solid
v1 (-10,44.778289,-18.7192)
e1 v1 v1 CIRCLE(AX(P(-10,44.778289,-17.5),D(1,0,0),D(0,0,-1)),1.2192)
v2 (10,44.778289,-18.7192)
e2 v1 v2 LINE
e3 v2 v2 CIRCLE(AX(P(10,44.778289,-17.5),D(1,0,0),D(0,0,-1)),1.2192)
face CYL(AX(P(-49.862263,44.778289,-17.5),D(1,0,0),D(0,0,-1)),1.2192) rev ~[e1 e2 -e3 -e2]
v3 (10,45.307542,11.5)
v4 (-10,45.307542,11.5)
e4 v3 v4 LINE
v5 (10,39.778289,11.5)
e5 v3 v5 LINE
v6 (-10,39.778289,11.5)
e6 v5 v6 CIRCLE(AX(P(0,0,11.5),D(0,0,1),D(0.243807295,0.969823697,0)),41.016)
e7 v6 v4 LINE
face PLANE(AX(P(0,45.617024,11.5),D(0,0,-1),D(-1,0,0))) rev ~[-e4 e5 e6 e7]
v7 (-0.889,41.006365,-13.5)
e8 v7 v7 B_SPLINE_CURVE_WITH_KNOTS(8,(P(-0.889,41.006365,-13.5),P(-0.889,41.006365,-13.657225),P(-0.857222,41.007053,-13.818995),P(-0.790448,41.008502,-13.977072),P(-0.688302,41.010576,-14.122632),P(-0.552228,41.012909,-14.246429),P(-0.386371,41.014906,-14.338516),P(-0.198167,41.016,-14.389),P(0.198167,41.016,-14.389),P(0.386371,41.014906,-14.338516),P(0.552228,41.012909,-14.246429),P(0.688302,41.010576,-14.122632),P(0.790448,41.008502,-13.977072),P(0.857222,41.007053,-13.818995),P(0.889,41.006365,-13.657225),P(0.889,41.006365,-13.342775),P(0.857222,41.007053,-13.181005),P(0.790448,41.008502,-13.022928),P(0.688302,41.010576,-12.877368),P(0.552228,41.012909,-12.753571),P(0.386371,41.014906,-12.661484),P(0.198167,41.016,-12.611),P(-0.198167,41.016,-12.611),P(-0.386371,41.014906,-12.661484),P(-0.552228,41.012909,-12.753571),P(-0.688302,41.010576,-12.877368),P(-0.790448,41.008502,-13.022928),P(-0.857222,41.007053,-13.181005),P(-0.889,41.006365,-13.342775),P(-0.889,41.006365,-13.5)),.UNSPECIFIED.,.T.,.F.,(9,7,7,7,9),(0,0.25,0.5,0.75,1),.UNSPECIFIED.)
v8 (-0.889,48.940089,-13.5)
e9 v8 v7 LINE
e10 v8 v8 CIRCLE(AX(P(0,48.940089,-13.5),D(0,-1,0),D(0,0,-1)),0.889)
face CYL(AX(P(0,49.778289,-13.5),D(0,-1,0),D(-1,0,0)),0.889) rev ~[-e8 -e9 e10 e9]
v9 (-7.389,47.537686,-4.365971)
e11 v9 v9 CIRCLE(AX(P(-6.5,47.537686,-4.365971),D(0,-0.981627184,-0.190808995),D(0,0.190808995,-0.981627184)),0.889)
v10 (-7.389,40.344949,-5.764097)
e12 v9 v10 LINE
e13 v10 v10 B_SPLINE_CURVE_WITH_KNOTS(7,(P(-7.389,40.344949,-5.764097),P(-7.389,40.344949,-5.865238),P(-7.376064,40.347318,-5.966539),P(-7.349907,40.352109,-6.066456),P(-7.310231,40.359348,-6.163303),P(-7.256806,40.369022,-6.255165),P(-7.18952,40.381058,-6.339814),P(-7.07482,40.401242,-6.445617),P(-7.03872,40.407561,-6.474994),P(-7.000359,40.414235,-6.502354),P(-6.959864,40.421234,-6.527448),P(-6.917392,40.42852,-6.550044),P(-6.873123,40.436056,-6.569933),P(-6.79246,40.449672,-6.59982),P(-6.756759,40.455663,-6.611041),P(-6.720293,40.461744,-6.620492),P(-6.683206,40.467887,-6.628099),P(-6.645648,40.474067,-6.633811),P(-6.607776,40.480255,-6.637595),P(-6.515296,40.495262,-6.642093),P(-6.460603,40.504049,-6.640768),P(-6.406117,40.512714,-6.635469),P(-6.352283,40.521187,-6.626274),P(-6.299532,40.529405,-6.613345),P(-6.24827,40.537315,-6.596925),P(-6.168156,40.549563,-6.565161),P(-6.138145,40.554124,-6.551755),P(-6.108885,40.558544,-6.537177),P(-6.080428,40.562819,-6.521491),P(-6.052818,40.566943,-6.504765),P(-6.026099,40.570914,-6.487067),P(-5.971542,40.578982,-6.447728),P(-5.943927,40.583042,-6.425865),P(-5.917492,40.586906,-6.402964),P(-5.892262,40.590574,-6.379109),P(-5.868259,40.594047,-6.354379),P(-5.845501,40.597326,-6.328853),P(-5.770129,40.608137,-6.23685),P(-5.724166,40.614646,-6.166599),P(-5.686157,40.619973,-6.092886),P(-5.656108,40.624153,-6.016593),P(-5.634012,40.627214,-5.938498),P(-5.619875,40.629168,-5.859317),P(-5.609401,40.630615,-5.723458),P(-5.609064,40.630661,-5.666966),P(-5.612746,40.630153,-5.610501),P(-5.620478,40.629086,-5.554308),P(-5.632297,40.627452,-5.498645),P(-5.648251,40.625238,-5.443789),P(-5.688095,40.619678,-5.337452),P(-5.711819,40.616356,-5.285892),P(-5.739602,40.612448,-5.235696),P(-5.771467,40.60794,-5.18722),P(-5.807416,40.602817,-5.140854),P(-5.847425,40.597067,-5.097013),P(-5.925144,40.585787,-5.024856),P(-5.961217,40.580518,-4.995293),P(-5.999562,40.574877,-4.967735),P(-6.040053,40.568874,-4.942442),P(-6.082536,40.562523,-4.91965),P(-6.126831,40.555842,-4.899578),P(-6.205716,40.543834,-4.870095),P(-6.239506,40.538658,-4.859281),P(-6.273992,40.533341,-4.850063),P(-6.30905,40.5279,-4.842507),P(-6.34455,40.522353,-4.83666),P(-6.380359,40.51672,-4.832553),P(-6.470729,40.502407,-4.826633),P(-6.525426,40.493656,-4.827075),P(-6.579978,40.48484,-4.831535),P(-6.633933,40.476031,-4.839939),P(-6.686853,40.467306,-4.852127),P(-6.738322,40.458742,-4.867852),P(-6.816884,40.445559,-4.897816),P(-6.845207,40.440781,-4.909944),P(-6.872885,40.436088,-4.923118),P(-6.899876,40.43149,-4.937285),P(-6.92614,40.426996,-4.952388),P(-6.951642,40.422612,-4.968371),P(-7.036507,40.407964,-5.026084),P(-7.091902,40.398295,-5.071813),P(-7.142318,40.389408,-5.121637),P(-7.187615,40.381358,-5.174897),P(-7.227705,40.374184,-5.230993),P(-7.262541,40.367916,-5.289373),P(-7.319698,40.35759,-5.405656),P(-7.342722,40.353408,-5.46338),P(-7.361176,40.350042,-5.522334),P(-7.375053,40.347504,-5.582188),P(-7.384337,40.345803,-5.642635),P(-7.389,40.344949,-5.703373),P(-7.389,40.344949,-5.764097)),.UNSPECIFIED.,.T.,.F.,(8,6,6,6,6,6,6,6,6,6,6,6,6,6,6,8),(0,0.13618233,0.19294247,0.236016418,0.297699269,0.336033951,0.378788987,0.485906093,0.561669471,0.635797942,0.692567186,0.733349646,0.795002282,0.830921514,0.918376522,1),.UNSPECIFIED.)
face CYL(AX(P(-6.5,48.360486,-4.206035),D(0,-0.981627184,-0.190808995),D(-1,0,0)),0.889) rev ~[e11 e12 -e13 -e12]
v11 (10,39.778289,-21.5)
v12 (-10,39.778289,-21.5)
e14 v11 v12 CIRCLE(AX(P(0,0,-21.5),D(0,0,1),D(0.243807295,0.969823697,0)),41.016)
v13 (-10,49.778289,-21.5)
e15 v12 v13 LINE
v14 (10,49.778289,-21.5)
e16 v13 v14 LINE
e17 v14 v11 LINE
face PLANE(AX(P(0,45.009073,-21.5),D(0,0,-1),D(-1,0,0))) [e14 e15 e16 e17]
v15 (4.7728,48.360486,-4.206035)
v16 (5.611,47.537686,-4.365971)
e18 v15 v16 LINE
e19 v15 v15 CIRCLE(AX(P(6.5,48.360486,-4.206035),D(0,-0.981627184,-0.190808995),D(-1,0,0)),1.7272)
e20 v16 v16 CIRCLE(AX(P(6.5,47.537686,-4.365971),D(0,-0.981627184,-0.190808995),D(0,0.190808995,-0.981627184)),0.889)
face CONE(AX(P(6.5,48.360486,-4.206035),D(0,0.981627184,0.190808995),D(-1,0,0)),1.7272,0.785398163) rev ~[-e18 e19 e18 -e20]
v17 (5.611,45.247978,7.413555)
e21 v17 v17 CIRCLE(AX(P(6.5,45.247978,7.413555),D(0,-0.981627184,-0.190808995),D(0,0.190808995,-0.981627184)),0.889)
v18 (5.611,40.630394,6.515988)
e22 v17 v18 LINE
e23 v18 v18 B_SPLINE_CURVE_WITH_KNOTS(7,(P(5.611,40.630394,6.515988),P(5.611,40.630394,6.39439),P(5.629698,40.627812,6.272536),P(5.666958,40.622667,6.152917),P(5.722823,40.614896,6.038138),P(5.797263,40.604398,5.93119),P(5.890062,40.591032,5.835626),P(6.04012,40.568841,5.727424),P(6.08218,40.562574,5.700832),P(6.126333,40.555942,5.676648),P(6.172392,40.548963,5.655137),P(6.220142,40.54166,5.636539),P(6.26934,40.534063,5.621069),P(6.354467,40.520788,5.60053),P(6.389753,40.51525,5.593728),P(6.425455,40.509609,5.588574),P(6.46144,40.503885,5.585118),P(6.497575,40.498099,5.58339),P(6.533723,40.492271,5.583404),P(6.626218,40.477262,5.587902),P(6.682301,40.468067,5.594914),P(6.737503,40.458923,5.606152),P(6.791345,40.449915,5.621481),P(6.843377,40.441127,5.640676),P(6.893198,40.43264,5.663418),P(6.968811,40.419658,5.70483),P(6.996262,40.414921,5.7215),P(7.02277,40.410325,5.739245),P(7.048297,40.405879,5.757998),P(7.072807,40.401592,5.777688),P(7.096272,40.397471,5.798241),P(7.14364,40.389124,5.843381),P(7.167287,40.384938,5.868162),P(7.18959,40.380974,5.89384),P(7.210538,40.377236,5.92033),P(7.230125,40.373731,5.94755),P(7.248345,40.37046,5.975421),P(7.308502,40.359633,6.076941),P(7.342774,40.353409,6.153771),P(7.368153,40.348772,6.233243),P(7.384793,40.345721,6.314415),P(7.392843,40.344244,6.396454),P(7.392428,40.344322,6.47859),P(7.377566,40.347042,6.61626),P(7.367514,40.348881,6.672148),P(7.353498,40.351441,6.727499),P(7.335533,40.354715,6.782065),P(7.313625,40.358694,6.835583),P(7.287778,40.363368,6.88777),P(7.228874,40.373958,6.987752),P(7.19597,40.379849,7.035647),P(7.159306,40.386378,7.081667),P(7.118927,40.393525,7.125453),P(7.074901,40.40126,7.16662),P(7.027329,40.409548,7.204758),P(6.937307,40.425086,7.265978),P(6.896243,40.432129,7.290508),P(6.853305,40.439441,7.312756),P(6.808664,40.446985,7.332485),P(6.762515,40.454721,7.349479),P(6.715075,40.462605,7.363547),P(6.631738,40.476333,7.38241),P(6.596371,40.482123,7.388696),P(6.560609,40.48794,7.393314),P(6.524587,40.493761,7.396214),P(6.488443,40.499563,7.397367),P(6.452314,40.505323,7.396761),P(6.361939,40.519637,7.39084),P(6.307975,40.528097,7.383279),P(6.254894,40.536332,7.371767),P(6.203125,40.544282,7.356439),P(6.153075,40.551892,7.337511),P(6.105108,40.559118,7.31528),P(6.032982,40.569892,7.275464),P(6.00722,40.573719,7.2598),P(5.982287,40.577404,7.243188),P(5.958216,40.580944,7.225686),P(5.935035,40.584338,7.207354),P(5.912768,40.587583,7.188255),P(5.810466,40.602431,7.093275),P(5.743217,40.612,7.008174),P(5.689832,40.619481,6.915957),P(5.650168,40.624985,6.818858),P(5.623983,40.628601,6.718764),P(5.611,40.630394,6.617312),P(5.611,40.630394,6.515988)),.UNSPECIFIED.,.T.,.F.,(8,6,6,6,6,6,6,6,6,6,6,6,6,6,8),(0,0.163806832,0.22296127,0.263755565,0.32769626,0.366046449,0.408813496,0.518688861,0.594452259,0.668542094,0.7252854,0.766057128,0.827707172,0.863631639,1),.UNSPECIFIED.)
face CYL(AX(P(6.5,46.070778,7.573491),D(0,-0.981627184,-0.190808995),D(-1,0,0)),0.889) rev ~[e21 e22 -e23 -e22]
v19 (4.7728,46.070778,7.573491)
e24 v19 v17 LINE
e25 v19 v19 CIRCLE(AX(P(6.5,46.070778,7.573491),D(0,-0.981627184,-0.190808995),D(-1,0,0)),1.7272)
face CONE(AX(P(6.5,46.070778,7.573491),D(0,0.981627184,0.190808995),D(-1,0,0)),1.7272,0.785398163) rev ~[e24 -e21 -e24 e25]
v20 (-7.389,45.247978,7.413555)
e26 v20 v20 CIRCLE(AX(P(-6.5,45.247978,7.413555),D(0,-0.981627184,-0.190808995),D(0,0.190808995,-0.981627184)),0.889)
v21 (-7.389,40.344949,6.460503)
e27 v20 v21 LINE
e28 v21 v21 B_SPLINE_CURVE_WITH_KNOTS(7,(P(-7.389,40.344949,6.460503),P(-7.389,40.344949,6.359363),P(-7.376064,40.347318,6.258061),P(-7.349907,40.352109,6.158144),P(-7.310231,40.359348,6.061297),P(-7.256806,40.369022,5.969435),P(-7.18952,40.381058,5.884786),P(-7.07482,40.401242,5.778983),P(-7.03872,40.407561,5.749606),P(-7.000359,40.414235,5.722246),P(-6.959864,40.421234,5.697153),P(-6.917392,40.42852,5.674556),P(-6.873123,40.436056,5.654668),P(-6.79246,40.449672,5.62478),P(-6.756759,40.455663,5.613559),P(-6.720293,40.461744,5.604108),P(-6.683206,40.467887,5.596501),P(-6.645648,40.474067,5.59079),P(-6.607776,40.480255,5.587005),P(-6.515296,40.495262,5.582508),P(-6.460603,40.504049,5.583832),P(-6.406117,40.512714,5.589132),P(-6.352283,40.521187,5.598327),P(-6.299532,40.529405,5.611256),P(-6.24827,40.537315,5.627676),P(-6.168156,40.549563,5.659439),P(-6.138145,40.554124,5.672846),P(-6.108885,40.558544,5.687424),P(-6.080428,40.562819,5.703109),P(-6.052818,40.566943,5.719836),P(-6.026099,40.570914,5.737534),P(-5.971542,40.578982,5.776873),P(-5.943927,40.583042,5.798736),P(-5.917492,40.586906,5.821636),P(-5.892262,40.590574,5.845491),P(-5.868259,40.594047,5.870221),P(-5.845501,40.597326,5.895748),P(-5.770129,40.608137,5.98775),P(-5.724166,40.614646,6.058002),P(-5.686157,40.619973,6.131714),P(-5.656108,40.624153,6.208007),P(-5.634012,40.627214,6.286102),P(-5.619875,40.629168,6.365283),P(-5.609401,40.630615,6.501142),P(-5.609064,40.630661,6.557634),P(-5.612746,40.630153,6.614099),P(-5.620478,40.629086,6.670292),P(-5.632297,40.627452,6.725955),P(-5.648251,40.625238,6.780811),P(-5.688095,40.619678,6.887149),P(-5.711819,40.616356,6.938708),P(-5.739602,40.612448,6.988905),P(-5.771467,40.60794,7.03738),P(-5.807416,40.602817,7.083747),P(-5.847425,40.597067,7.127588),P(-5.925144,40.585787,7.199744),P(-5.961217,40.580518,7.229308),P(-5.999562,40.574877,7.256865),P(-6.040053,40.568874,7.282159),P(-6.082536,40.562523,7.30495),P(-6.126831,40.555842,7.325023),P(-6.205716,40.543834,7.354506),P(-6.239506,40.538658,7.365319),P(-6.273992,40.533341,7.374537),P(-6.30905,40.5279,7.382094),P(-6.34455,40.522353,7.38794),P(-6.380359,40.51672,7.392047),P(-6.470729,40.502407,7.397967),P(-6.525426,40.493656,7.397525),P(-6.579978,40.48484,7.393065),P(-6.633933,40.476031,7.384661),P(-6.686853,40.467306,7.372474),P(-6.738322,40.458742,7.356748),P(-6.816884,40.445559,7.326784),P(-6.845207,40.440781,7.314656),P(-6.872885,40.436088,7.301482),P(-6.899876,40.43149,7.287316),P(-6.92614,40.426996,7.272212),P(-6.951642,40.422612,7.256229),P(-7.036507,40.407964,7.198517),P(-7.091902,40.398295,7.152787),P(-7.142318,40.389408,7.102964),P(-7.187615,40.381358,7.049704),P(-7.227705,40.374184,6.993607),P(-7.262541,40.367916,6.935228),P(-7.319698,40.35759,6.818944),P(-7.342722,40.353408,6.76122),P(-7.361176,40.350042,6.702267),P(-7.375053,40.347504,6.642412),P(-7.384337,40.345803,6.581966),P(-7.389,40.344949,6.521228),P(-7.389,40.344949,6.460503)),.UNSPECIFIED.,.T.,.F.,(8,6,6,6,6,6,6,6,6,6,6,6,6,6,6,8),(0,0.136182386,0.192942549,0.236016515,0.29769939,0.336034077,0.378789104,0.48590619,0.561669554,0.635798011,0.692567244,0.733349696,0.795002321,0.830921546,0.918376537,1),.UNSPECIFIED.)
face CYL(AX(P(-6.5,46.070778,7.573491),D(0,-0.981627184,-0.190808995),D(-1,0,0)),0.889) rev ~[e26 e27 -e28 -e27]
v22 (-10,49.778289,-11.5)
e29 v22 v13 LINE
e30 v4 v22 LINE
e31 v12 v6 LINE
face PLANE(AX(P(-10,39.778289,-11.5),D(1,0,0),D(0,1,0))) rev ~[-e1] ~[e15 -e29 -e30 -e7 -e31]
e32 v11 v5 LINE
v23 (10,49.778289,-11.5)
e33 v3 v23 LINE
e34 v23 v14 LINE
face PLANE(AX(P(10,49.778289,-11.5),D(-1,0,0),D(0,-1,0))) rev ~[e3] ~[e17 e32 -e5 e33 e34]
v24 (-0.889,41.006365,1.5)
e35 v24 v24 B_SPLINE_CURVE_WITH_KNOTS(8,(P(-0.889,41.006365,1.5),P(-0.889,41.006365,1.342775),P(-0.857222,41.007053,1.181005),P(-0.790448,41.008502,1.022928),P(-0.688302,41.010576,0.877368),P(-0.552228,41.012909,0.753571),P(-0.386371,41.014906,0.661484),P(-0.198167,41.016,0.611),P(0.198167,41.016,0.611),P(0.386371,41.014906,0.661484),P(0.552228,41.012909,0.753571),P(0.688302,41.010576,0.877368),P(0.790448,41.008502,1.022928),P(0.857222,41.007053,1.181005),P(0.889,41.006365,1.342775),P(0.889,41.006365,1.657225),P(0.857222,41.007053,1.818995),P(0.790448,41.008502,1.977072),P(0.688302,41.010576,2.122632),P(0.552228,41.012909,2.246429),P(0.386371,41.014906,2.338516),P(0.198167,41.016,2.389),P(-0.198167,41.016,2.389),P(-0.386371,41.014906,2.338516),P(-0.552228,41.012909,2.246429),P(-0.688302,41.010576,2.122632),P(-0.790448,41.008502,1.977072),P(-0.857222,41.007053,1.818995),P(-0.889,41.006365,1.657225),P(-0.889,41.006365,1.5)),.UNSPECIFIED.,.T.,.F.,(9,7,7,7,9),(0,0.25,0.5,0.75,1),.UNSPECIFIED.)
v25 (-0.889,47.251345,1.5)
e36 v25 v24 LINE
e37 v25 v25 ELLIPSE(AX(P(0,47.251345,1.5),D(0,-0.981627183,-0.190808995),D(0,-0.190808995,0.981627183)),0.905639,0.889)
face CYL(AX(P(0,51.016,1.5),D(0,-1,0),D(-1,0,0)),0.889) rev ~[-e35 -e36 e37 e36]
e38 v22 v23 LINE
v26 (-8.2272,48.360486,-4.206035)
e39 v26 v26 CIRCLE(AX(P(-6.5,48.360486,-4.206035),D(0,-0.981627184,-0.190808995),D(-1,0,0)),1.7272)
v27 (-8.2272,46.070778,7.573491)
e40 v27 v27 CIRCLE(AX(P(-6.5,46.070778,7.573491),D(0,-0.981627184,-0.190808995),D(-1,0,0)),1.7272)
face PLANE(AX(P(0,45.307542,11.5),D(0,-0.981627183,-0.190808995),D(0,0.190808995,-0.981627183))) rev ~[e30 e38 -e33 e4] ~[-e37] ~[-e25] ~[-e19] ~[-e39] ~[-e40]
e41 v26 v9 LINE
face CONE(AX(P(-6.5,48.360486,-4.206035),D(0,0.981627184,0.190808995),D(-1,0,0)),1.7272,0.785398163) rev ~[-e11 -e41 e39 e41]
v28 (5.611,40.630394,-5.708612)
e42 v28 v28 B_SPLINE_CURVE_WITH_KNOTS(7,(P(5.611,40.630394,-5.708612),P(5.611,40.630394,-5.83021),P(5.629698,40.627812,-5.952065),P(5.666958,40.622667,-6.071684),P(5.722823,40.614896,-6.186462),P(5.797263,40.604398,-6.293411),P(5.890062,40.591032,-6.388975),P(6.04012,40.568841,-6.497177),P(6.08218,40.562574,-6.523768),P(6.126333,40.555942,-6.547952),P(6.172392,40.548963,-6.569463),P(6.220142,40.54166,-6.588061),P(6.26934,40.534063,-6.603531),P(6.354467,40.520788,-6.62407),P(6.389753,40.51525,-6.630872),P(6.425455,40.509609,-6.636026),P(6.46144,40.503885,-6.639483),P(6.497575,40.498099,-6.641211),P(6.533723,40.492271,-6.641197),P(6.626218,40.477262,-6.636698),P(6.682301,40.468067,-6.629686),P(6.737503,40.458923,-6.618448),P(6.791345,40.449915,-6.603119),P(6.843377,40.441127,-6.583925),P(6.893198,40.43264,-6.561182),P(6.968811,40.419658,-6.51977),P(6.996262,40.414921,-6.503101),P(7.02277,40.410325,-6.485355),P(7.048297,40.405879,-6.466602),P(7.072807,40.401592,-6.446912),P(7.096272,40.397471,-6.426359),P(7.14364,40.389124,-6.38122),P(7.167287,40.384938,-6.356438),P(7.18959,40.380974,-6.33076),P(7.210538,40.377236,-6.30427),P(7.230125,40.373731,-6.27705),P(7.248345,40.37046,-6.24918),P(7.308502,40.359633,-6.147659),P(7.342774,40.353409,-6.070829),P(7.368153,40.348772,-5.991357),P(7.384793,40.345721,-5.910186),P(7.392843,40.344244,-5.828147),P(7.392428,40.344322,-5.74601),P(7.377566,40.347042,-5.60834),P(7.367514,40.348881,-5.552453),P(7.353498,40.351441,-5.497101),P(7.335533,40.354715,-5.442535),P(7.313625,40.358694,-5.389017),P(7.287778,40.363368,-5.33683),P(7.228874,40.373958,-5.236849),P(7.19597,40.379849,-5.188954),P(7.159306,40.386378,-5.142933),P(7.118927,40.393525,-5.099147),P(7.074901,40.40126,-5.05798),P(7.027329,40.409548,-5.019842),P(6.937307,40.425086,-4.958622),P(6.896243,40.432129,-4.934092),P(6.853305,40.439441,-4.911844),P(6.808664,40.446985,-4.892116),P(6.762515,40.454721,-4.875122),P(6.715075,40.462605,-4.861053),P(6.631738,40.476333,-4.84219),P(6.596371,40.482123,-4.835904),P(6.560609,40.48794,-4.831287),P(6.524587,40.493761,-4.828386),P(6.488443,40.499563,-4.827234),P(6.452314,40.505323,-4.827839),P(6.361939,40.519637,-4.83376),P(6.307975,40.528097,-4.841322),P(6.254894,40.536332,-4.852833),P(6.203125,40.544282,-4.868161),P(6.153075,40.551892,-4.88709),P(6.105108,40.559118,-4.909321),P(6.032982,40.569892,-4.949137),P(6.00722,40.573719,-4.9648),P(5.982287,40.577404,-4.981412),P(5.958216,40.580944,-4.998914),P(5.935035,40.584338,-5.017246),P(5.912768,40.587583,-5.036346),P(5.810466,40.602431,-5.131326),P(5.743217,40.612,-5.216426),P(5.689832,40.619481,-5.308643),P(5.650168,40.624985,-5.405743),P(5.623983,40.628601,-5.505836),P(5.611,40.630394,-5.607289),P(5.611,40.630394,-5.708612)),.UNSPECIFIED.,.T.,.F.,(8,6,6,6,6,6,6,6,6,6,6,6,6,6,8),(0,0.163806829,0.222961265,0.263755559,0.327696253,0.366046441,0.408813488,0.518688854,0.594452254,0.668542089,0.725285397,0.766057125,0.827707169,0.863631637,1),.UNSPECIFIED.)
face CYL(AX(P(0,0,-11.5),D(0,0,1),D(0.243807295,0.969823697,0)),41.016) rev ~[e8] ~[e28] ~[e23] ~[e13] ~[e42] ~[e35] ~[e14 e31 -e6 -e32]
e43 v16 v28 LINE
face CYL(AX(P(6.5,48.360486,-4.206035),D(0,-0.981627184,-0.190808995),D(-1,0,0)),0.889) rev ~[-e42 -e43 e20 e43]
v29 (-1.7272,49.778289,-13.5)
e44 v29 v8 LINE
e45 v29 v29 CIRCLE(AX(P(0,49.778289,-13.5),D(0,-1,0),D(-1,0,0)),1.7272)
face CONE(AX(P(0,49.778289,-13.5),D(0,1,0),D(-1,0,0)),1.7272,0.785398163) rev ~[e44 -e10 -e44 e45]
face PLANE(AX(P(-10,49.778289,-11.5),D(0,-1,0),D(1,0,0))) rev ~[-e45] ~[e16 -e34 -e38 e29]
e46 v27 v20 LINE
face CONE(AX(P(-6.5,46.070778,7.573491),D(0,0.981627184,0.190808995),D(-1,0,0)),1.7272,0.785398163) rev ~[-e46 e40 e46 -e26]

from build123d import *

# Parameters (mm, degrees)
BOSS_EXTRUDE1_DEPTH             = 11.5
F_2_56_TAPPED_HOLE3_D           = 1.778
F_2_56_TAPPED_HOLE3_CSINK_D     = 3.4544
F_2_56_TAPPED_HOLE3_CSINK_ANGLE = 90
CUT_EXTRUDE1_DEPTH              = 10
F_2_56_TAPPED_HOLE1_D           = 1.778
F_2_56_TAPPED_HOLE1_CSINK_D     = 3.4544
F_2_56_TAPPED_HOLE1_CSINK_ANGLE = 90
BOSS_EXTRUDE2_DEPTH             = 10
F_2_56_TAPPED_HOLE4_D           = 1.778
F_2_56_TAPPED_HOLE4_CSINK_D     = 3.4544
F_2_56_TAPPED_HOLE4_CSINK_ANGLE = 90
F_2_CLEARANCE_HOLE1_D           = 2.4384


with BuildPart() as part:
    # Sketch1 → Boss-Extrude1 (new body, symmetric)
    with BuildSketch(Plane.XY):
        with BuildLine():
            Line((-10, 39.778288752), (-10, 51.016))
            Line((-10, 51.016), (10, 51.016))
            Line((10, 51.016), (10, 39.778288752))
            ThreePointArc((10, 39.778288752), (0, 41.016), (-10, 39.778288752))
        make_face()
    extrude(amount=BOSS_EXTRUDE1_DEPTH, both=True)

    # #2-56 Tapped Hole3 (through all)
    with Locations(Plane(origin=(0, 51.016, 0), x_dir=(1, 0, 0), z_dir=(0, 1, 0))):
        with Locations((0, -1.5)):
            CounterSinkHole(F_2_56_TAPPED_HOLE3_D / 2, F_2_56_TAPPED_HOLE3_CSINK_D / 2, counter_sink_angle=F_2_56_TAPPED_HOLE3_CSINK_ANGLE)

    # Sketch2 → Cut-Extrude1 (cut, symmetric)
    with BuildSketch(Plane(origin=(0, 0, 0), x_dir=(0, 0, -1), z_dir=(1, 0, 0))):
        Polygon((-11.5, 45.307541641), (11.5, 49.778288752), (11.5, 51.016), (-11.5, 51.016), align=None)
    extrude(amount=CUT_EXTRUDE1_DEPTH, both=True, mode=Mode.SUBTRACT)

    # #2-56 Tapped Hole1 (through all)
    with Locations(Plane(origin=(0, 45.811969283, 8.904944751), x_dir=(1, 0, 0), z_dir=(0, 0.981627183, 0.190808995))):
        with Locations((6.5, 1.356373894), (6.5, 13.356373894), (-6.5, 13.356373894), (-6.5, 1.356373894)):
            CounterSinkHole(F_2_56_TAPPED_HOLE1_D / 2, F_2_56_TAPPED_HOLE1_CSINK_D / 2, counter_sink_angle=F_2_56_TAPPED_HOLE1_CSINK_ANGLE)

    # Sketch5 → Boss-Extrude2 (add)
    with BuildSketch(Plane(origin=(0, 0, -11.5), x_dir=(-1, 0, 0), z_dir=(0, 0, -1))):
        with BuildLine():
            Line((10, 39.778288752), (10, 49.778288752))
            Line((10, 49.778288752), (-10, 49.778288752))
            Line((-10, 49.778288752), (-10, 39.778288752))
            ThreePointArc((-10, 39.778288752), (0, 41.016), (10, 39.778288752))
        make_face()
    extrude(amount=BOSS_EXTRUDE2_DEPTH)

    # #2-56 Tapped Hole4 (through all)
    with Locations(Plane(origin=(0, 49.778288752, 0), x_dir=(1, 0, 0), z_dir=(0, 1, 0))):
        with Locations((0, 13.5)):
            CounterSinkHole(F_2_56_TAPPED_HOLE4_D / 2, F_2_56_TAPPED_HOLE4_CSINK_D / 2, counter_sink_angle=F_2_56_TAPPED_HOLE4_CSINK_ANGLE)

    # #2 Clearance Hole1 (through all)
    with Locations(Plane.ZY.offset(10)):
        with Locations((-17.5, 44.778288752)):
            Hole(F_2_CLEARANCE_HOLE1_D / 2)


solid = part.part
